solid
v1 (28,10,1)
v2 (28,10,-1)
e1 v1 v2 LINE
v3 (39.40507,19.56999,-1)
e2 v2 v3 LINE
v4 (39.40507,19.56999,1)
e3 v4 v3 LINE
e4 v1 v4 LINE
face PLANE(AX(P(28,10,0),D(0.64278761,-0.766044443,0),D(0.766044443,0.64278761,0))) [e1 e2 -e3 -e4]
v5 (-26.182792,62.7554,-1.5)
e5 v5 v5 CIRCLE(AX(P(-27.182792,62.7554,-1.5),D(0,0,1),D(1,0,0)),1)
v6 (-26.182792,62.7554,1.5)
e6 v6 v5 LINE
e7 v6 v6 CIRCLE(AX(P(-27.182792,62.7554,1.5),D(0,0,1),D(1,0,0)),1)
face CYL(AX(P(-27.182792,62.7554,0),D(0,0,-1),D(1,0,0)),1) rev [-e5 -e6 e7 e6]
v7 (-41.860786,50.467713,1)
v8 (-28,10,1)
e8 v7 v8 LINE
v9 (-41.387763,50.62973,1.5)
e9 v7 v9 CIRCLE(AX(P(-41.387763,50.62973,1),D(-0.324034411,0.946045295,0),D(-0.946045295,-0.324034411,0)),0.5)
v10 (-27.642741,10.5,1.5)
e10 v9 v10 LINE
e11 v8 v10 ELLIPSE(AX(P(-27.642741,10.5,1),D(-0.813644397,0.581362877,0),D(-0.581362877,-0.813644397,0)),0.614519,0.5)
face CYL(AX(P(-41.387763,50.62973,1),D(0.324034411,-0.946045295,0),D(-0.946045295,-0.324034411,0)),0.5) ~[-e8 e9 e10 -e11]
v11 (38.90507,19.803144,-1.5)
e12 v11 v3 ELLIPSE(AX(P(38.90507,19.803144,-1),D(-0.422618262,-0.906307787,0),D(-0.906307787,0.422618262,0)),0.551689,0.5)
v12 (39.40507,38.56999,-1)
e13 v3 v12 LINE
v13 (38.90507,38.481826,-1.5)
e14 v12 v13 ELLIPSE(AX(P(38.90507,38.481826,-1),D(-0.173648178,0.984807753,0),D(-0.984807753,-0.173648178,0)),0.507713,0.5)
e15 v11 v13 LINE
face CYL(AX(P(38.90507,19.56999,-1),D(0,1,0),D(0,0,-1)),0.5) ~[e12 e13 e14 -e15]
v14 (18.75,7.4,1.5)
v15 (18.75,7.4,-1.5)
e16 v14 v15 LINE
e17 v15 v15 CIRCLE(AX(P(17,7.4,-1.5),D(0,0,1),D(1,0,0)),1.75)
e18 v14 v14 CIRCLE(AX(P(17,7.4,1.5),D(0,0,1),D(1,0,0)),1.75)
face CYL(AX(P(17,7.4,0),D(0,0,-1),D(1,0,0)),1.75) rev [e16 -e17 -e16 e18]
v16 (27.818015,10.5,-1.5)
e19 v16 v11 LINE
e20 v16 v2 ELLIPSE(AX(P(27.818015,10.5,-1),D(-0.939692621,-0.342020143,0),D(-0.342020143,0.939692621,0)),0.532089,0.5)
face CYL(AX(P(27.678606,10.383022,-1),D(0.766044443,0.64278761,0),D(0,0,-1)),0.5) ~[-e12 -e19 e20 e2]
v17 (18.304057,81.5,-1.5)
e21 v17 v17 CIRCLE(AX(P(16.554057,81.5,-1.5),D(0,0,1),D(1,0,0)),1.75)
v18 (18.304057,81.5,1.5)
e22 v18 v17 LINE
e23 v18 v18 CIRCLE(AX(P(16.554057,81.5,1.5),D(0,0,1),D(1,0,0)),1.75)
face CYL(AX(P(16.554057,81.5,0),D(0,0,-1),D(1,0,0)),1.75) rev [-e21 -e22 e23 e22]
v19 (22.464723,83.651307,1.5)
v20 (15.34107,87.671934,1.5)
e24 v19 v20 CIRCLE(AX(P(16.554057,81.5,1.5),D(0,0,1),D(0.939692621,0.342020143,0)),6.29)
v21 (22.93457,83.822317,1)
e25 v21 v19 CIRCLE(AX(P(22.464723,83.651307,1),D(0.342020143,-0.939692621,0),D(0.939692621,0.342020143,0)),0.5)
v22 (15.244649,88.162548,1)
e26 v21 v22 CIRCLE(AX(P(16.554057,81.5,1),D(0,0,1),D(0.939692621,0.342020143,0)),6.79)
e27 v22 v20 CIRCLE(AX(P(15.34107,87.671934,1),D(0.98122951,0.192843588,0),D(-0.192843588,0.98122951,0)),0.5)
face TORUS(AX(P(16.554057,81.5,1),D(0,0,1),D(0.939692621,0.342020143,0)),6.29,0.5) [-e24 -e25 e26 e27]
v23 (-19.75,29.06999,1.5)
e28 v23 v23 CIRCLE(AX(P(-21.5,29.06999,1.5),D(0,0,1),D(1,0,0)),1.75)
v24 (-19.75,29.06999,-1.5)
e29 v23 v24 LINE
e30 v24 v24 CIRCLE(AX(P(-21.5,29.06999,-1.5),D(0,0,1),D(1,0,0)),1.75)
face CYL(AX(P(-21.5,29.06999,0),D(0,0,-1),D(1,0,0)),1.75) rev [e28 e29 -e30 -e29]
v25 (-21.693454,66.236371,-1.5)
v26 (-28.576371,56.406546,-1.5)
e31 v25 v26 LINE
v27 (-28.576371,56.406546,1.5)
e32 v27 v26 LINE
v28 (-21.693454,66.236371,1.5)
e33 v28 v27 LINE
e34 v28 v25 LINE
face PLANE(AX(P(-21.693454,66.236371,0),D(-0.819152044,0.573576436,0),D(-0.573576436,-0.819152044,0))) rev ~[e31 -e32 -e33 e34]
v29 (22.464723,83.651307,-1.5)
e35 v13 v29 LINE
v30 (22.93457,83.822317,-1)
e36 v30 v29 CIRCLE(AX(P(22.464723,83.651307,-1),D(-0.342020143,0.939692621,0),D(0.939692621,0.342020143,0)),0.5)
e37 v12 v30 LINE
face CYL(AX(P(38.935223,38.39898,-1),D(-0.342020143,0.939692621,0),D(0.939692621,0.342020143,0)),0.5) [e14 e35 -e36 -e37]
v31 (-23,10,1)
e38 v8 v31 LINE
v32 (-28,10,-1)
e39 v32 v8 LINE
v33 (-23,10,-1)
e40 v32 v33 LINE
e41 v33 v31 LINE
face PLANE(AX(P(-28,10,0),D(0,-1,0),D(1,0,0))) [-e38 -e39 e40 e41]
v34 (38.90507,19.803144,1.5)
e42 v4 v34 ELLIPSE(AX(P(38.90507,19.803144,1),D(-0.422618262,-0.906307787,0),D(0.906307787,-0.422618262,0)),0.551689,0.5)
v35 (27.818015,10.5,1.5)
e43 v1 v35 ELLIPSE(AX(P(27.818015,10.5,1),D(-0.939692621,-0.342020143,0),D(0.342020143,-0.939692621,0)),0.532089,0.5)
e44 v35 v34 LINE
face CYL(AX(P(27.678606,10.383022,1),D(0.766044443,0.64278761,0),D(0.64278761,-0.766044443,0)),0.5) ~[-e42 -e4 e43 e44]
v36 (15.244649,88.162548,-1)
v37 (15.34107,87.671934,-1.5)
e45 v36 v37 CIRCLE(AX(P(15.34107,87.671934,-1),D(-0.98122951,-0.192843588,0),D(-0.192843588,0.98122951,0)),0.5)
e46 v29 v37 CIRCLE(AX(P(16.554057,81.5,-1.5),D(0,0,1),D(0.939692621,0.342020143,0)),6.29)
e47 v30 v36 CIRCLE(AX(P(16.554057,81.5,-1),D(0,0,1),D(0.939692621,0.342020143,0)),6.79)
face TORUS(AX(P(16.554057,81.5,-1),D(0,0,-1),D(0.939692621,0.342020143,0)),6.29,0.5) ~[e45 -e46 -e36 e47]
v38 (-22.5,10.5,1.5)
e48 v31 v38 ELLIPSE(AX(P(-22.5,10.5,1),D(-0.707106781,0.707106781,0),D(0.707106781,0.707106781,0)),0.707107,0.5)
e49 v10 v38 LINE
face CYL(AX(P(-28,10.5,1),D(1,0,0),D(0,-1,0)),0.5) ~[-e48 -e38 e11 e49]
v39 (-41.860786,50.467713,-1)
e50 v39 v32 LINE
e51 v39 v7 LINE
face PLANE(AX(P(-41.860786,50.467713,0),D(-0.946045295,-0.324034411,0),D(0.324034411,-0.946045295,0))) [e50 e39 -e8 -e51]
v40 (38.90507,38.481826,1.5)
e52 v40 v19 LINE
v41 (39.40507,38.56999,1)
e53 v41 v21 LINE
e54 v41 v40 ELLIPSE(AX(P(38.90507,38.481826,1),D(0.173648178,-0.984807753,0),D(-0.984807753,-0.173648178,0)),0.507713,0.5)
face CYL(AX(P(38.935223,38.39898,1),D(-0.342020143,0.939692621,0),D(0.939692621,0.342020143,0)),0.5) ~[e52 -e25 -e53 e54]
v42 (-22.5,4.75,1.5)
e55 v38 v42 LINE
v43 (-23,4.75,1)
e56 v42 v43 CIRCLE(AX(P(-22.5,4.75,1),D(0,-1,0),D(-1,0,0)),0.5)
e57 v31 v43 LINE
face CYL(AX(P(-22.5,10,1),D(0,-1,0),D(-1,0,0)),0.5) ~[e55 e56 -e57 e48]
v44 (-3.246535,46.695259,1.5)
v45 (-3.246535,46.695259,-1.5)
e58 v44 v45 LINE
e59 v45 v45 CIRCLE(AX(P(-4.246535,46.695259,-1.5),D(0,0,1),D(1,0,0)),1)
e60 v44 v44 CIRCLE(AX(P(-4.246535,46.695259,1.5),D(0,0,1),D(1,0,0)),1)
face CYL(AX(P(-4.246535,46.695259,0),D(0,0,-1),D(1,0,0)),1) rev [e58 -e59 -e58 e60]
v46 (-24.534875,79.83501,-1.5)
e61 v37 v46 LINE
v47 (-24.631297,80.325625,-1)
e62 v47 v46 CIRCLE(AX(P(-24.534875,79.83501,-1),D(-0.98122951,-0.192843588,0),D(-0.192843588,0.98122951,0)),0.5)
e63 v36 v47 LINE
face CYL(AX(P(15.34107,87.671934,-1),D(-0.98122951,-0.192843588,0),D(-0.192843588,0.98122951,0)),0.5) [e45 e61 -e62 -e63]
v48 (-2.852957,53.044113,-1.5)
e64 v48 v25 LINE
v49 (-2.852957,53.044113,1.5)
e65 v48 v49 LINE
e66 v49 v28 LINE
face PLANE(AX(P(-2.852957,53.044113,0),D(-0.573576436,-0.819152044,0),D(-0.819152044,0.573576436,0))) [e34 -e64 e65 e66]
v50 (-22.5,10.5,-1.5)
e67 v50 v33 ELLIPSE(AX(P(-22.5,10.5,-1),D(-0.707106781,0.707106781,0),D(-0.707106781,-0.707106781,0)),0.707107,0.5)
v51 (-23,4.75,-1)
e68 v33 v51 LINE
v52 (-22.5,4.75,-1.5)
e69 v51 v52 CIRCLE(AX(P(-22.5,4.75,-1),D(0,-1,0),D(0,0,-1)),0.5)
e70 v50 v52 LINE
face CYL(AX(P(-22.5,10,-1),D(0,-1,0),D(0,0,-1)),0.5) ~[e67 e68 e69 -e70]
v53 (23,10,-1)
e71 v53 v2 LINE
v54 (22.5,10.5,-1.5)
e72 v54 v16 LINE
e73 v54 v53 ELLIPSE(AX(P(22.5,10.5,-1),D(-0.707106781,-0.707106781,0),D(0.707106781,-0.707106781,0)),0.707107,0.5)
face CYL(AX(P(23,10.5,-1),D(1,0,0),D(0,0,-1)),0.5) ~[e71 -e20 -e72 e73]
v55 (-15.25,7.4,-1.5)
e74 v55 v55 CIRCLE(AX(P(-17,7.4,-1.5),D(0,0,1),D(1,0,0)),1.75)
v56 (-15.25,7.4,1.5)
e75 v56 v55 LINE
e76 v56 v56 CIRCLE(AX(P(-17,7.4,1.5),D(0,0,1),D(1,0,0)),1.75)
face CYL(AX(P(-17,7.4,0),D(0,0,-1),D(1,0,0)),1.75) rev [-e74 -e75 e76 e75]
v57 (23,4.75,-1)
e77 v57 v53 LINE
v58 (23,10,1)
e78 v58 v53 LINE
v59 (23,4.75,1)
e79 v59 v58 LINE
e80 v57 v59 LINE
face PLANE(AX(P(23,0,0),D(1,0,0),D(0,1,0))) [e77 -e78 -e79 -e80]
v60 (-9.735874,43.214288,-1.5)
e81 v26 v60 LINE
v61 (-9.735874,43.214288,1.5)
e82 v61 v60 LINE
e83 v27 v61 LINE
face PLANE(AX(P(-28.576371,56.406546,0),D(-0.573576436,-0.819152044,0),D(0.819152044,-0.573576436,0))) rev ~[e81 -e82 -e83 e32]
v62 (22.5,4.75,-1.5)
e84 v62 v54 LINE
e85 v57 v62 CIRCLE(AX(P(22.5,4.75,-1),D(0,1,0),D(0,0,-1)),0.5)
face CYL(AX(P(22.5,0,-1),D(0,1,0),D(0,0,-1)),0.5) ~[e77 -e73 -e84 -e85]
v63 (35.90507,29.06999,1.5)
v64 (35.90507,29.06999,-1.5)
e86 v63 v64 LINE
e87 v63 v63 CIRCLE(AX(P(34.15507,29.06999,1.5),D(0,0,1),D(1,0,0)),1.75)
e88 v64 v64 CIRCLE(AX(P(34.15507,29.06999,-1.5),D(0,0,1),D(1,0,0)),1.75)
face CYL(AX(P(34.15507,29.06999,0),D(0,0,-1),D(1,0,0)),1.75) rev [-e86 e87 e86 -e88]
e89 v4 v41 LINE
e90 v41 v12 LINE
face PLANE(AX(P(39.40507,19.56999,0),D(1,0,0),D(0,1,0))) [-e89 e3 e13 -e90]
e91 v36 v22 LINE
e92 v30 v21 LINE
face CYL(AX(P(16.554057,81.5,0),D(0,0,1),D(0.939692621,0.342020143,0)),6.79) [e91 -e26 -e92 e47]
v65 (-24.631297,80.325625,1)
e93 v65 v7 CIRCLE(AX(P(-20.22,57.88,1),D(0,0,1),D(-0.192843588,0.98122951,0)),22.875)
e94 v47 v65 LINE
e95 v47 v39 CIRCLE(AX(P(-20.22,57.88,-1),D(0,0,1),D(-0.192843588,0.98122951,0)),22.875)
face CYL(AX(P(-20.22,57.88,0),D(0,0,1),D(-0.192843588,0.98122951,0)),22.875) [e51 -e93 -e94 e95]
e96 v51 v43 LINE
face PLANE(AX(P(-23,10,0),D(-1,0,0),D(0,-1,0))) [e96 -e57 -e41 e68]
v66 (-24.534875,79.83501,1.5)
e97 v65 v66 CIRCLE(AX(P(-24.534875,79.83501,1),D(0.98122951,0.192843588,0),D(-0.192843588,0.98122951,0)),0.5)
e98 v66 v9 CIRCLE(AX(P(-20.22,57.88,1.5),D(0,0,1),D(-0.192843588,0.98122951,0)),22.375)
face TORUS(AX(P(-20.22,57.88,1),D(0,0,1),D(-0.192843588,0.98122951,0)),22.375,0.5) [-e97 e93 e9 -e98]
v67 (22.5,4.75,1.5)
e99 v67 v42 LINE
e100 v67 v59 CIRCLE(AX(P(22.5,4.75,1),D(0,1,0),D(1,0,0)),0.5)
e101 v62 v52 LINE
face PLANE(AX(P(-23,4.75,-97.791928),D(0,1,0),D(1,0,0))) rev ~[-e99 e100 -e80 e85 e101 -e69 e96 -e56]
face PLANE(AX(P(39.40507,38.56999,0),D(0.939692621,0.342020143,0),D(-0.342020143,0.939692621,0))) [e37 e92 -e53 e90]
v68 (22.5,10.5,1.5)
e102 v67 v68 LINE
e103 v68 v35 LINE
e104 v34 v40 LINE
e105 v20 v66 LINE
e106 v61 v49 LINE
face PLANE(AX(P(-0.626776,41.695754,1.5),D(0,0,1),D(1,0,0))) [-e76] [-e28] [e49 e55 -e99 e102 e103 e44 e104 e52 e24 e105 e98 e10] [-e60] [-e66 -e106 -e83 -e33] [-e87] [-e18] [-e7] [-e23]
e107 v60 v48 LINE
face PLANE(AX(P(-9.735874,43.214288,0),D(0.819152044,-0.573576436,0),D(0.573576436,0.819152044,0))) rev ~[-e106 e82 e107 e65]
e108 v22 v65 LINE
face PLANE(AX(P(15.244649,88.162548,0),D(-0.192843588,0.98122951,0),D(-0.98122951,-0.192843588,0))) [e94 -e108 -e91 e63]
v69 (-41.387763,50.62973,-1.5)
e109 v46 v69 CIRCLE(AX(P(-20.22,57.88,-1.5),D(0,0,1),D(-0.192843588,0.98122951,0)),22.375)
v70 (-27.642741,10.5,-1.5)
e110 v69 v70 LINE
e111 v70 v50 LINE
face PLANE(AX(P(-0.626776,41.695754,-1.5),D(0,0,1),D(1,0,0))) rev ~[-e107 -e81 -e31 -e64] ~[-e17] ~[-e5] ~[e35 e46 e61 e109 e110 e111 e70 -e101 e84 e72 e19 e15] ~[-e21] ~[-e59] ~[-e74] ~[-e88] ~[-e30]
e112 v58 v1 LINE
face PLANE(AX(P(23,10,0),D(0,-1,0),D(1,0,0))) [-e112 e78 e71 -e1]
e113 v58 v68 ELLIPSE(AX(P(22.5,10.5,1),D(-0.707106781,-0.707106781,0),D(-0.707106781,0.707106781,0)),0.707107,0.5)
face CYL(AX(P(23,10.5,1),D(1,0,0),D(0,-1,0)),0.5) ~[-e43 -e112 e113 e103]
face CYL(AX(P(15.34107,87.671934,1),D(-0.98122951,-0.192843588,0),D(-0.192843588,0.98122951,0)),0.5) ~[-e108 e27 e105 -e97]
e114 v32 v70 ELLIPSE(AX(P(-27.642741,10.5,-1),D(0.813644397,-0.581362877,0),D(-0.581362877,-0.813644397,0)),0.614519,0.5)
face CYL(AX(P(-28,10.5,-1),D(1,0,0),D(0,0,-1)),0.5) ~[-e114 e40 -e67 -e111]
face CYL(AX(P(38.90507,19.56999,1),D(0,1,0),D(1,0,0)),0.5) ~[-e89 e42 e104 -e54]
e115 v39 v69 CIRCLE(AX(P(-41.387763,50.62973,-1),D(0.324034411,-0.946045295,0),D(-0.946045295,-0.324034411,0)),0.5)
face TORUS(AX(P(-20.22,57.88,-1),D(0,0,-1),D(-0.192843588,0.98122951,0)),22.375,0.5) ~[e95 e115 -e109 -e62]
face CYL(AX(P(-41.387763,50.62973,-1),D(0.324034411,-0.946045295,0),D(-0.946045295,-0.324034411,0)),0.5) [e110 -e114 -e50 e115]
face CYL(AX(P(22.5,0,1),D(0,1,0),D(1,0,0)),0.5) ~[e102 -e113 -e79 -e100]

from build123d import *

# Parameters (mm, degrees)
SKETCH2_R               = 1
SKETCH2_R_2             = 1.75
BOSS_EXTRUDE1_DEPTH     = 1.5
FILLET1_R               = 0.5
FILLET2_R               = 0.5
CUT_EXTRUDE1_DEPTH      = 99.29192821
CUT_EXTRUDE1_DEPTH_BACK = 99.29192821
SKETCH3_W               = 46
SKETCH3_H               = 4.75


with BuildPart() as part:
    # Sketch2 → Boss-Extrude1 (new, symmetric)
    with BuildSketch(Plane.XY):
        with BuildLine():
            Line((39.405069621, 38.569989712), (22.934569539, 83.822316773))
            ThreePointArc((22.934569539, 83.822316773), (19.891485129, 87.41317775), (15.244648683, 88.162548371))
            Line((15.244648683, 88.162548371), (-24.631297069, 80.325625034))
            ThreePointArc((-24.631297069, 80.325625034), (-40.032912198, 69.313028262), (-41.860786126, 50.467712846))
            Line((-41.860786126, 50.467712846), (-28, 10))
            Line((-28, 10), (-23, 10))
            Line((-23, 10), (-23, 0))
            Line((-23, 0), (23, 0))
            Line((23, 0), (23, 10))
            Line((23, 10), (28, 10))
            Line((28, 10), (39.405069621, 19.569989712))
            Line((39.405069621, 19.569989712), (39.405069621, 38.569989712))
        make_face()
        with Locations((-27.182792376, 62.755399709)):
            Circle(SKETCH2_R, mode=Mode.SUBTRACT)
        with Locations((-4.246535136, 46.695259491)):
            Circle(SKETCH2_R, mode=Mode.SUBTRACT)
        with Locations((17, 7.4)):
            Circle(SKETCH2_R_2, mode=Mode.SUBTRACT)
        with Locations((-17, 7.4)):
            Circle(SKETCH2_R_2, mode=Mode.SUBTRACT)
        with Locations((34.155069621, 29.069989712)):
            Circle(SKETCH2_R_2, mode=Mode.SUBTRACT)
        with Locations((-21.5, 29.069989712)):
            Circle(SKETCH2_R_2, mode=Mode.SUBTRACT)
        with Locations((16.554056644, 81.5)):
            Circle(SKETCH2_R_2, mode=Mode.SUBTRACT)
        Polygon((-21.693453648, 66.236370884), (-28.576370884, 56.406546352), (-9.735873865, 43.214288316), (-2.852956629, 53.044112848), align=None, mode=Mode.SUBTRACT)
    extrude(amount=BOSS_EXTRUDE1_DEPTH, both=True)

    # Fillet1
    fillet1_edges = [part.edges().sort_by_distance(p)[0] for p in [
        (-40.032912198, 69.313028262, 1.5),
        (-34.930393063, 30.233856423, 1.5),
        (-25.5, 10, 1.5),
        (-23, 5, 1.5),
        (0, 0, 1.5),
        (23, 5, 1.5),
        (25.5, 10, 1.5),
        (33.70253481, 14.784994856, 1.5),
        (39.405069621, 29.069989712, 1.5),
        (31.16981958, 61.196153243, 1.5),
        (19.891485129, 87.41317775, 1.5),
        (-4.693324193, 84.244086702, 1.5),
    ]]
    fillet(fillet1_edges, radius=FILLET1_R)

    # Fillet2
    fillet2_edges = [part.edges().sort_by_distance(p)[0] for p in [
        (31.16981958, 61.196153243, -1.5),
        (39.405069621, 29.069989712, -1.5),
        (33.70253481, 14.784994856, -1.5),
        (25.5, 10, -1.5),
        (23, 5, -1.5),
        (0, 0, -1.5),
        (-23, 5, -1.5),
        (-25.5, 10, -1.5),
        (-34.930393063, 30.233856423, -1.5),
        (-40.032912198, 69.313028262, -1.5),
        (-4.693324193, 84.244086702, -1.5),
        (19.891485129, 87.41317775, -1.5),
    ]]
    fillet(fillet2_edges, radius=FILLET2_R)

    # Sketch3 → Cut-Extrude1 (cut, two sides: drawn at the far end of the back side and taken through both)
    with BuildSketch(Plane.XY.offset(1.5).offset(-CUT_EXTRUDE1_DEPTH_BACK)):
        with Locations((0, 2.375)):
            Rectangle(SKETCH3_W, SKETCH3_H)
    extrude(amount=CUT_EXTRUDE1_DEPTH + CUT_EXTRUDE1_DEPTH_BACK, mode=Mode.SUBTRACT)


solid = part.part
